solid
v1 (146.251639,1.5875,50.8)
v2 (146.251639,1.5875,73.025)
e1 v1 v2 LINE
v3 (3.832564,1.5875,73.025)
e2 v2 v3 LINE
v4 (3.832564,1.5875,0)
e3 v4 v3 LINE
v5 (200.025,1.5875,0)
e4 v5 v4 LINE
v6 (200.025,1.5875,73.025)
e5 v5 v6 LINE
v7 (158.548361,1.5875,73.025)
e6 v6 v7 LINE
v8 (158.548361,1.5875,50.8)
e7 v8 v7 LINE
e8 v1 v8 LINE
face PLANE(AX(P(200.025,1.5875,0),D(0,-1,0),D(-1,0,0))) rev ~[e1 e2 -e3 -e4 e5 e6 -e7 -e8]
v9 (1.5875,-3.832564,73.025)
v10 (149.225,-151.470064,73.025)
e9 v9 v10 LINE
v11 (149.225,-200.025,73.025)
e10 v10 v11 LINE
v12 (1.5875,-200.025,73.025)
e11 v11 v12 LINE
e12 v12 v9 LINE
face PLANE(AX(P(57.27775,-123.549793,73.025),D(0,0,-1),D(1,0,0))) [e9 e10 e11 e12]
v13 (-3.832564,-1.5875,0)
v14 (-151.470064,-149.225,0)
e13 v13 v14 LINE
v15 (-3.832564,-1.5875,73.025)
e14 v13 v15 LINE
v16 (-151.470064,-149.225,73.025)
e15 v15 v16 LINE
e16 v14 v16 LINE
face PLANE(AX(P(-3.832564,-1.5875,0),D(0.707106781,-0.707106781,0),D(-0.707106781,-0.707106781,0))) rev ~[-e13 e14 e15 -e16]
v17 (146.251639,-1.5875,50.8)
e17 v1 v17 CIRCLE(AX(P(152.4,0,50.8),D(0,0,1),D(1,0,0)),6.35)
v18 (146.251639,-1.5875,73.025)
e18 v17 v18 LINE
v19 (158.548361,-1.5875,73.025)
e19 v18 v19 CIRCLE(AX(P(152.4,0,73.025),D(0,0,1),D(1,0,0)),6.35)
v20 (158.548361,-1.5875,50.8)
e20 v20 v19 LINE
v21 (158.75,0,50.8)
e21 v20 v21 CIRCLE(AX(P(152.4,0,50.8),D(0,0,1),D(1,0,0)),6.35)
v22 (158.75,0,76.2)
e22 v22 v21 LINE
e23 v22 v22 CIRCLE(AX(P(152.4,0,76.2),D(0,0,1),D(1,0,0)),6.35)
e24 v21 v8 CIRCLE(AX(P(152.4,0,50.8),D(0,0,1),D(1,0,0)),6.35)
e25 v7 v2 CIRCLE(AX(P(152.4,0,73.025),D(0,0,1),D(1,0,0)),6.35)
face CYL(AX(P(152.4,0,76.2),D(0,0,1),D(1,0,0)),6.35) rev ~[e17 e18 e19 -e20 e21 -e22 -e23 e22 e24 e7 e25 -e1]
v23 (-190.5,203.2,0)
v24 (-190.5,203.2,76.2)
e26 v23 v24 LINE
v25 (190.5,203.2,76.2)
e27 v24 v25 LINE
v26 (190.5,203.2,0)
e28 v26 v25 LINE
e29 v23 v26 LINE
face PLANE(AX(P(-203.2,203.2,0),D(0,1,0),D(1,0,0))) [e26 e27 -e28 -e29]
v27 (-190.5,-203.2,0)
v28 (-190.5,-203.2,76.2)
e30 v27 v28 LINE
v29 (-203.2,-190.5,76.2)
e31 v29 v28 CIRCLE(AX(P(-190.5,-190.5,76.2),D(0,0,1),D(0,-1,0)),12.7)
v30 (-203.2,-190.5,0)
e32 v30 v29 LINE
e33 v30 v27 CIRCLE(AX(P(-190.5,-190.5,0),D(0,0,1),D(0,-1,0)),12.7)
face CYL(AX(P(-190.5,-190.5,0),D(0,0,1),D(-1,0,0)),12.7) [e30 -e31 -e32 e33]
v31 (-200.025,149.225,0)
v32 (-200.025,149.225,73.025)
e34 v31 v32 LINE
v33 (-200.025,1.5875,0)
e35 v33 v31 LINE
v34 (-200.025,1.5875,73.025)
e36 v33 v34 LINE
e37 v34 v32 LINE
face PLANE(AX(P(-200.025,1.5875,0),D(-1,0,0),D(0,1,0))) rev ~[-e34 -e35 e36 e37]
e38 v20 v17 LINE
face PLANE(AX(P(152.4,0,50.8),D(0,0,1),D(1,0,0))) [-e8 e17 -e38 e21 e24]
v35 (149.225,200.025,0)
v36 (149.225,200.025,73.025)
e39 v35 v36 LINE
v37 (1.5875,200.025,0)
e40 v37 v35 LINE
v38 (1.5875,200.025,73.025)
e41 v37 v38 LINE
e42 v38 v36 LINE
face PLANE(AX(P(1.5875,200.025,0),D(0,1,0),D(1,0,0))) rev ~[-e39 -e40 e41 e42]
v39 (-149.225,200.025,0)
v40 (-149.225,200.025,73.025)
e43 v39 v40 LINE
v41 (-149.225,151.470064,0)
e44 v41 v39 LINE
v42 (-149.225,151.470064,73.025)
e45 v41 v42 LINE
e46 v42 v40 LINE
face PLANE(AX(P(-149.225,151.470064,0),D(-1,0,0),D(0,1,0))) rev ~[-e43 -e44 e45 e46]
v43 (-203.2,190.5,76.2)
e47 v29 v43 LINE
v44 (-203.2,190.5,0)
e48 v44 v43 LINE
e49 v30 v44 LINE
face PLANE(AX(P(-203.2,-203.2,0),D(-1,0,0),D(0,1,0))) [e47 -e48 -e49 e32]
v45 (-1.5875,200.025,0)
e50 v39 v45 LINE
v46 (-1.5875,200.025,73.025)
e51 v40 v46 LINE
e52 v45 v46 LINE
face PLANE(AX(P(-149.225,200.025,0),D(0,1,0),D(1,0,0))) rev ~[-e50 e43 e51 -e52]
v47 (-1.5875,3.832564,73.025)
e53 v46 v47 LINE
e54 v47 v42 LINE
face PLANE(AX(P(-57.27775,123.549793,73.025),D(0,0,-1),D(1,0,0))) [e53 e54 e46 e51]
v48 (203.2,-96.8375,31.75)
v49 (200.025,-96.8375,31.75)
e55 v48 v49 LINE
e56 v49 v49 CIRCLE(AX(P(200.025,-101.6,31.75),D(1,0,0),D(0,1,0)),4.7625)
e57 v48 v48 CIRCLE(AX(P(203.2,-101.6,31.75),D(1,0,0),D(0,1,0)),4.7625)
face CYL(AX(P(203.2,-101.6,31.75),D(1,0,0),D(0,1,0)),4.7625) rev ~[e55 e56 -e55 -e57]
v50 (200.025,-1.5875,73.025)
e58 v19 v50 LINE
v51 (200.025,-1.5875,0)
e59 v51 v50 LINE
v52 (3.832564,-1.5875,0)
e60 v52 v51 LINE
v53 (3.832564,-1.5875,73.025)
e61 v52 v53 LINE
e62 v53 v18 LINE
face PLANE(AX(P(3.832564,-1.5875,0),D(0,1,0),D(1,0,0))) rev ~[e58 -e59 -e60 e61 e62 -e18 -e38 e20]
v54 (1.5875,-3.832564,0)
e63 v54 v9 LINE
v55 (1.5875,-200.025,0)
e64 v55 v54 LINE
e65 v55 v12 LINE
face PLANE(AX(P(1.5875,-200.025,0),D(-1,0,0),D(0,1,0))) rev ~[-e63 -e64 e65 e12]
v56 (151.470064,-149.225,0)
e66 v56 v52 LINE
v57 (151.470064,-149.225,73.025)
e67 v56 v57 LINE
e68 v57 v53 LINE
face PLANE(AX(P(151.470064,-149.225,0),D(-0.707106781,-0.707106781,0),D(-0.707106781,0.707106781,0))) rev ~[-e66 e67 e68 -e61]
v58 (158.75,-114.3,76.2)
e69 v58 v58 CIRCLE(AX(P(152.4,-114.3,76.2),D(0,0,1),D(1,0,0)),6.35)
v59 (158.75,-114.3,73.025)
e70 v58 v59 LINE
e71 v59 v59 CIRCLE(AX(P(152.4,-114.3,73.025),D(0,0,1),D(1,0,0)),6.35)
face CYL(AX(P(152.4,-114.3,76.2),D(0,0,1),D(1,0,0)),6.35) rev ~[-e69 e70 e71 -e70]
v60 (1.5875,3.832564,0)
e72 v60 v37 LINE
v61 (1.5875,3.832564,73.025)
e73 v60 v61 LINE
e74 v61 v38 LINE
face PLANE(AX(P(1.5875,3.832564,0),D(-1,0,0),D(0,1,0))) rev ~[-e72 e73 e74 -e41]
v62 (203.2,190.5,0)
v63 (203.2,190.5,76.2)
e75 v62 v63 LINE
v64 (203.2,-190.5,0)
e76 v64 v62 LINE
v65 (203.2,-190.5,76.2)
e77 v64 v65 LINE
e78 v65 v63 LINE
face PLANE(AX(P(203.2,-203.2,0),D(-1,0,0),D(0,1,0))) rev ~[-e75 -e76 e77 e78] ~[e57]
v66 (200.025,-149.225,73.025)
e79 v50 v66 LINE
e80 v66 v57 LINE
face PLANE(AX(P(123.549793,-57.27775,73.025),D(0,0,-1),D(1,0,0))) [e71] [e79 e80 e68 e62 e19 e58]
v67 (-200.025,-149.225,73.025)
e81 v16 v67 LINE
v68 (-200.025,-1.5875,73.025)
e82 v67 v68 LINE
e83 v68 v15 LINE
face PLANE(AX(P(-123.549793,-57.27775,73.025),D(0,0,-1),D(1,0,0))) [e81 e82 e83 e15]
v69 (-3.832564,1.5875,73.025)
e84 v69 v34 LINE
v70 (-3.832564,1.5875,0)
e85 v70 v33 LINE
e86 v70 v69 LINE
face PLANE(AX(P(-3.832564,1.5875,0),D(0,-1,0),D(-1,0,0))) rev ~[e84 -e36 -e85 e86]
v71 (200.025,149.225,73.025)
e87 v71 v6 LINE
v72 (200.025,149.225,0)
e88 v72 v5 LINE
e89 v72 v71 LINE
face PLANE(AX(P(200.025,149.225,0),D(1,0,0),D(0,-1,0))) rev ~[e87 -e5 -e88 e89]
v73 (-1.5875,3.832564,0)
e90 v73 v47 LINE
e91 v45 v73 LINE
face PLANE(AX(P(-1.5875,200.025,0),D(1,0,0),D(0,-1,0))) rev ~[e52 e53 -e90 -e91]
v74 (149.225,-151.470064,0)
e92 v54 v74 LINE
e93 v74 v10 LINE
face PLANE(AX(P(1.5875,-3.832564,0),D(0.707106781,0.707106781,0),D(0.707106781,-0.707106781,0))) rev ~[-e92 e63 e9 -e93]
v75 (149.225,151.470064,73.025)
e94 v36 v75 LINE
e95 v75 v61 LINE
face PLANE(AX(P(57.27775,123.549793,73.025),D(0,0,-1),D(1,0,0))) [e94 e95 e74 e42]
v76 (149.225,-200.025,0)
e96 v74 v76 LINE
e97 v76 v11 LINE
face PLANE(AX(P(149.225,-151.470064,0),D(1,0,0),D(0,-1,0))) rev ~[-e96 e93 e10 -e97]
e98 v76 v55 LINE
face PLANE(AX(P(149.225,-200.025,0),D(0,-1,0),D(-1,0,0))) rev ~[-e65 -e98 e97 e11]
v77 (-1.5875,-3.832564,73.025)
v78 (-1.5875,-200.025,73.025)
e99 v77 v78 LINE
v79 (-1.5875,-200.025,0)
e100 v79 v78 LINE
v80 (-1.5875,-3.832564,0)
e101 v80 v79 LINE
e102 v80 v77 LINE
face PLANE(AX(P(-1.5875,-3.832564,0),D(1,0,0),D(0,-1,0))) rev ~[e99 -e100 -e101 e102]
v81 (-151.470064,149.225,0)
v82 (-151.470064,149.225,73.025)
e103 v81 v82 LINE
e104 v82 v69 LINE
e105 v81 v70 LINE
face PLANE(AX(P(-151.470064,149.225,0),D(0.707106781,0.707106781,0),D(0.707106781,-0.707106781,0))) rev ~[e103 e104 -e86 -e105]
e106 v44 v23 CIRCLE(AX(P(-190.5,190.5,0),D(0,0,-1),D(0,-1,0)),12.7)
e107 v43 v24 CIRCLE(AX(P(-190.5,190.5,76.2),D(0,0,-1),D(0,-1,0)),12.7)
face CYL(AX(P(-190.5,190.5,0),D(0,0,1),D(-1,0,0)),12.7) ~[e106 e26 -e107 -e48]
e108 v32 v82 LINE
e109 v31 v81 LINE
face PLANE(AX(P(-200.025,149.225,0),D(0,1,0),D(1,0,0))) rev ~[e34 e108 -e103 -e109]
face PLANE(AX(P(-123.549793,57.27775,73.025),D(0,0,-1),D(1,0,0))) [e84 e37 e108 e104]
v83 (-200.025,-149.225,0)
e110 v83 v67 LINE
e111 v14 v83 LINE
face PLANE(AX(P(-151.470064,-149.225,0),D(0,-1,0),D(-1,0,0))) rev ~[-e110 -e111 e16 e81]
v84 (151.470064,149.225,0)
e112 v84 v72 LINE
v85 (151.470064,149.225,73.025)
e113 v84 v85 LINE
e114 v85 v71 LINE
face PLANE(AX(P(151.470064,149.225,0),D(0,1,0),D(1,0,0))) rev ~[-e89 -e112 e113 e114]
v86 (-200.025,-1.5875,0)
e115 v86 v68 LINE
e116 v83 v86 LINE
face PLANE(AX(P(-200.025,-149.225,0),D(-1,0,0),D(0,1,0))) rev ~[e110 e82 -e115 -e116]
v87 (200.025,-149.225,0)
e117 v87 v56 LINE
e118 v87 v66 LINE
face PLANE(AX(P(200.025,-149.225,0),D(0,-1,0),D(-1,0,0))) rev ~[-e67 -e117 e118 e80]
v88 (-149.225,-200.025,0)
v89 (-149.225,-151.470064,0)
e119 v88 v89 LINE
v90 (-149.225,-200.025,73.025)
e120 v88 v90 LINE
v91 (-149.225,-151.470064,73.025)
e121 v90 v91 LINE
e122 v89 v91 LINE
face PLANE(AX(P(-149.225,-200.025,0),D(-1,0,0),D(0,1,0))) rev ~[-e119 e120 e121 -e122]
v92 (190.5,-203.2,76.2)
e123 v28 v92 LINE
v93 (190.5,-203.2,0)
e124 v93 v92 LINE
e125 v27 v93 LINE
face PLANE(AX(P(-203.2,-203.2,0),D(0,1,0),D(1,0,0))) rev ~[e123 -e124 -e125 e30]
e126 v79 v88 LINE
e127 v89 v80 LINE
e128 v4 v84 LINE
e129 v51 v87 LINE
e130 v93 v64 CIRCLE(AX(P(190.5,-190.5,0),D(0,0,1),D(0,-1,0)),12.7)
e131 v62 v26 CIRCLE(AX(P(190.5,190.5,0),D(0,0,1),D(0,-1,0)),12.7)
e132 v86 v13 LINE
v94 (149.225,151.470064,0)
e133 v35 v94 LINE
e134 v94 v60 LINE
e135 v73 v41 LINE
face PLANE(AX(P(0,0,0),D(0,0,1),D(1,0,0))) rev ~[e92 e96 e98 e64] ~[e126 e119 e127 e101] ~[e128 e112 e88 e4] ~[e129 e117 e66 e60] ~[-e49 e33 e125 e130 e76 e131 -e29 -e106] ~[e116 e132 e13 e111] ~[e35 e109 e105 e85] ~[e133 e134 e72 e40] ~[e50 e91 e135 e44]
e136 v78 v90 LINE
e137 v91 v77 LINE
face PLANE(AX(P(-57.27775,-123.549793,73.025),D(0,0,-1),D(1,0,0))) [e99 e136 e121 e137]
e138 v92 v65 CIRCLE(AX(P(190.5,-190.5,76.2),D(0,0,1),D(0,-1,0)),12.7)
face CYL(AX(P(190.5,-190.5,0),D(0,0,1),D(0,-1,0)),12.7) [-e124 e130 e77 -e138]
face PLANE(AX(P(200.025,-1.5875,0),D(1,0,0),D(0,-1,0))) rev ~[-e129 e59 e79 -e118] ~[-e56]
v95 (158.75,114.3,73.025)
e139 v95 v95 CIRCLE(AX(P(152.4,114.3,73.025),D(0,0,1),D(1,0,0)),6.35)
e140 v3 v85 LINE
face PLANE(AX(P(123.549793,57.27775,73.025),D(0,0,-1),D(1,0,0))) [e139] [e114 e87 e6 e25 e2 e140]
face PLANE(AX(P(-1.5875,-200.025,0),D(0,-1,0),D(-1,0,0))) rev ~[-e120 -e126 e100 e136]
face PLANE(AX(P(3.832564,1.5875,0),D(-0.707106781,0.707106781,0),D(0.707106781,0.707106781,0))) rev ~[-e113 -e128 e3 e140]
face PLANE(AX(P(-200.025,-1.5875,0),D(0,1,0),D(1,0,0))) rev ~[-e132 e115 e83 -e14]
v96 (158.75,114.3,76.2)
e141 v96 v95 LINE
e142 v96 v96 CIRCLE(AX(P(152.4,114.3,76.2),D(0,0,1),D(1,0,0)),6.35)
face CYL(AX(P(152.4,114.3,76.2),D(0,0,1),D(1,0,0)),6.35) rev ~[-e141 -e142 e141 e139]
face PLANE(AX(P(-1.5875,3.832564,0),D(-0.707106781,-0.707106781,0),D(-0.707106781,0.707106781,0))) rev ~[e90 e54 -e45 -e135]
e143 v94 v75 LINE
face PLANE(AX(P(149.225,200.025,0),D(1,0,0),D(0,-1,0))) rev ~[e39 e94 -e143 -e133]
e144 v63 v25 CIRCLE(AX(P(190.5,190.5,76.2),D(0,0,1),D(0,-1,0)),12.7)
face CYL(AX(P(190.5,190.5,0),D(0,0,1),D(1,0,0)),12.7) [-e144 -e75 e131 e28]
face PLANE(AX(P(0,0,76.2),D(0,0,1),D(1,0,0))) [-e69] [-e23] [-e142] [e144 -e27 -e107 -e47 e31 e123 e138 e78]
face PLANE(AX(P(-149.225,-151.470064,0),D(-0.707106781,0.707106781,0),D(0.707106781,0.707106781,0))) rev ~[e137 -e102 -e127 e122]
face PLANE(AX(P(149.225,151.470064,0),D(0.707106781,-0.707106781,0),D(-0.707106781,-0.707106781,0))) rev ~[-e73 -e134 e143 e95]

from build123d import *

# Parameters (mm, degrees)
F0_W     = 406.4
F0_H     = 406.4
F1_DEPTH = 76.2
F2_R     = 12.7
F3_R     = 4.7625
F4_DEPTH = 25.4
F5_R     = 6.35
F6_DEPTH = 25.4
F8_DEPTH = 73.025


with BuildPart() as f1:
    # F0 (on Top) → F1 (new body)
    with BuildSketch(Plane.XY):
        Rectangle(F0_W, F0_H)
    extrude(amount=F1_DEPTH)

    # F2
    f2_edges = [f1.edges().sort_by_distance(p)[0] for p in [
        (203.2, -203.2, 38.1),
        (-203.2, -203.2, 38.1),
        (203.2, 203.2, 38.1),
        (-203.2, 203.2, 38.1),
    ]]
    fillet(f2_edges, radius=F2_R)

    # F3 (on face) → F4 (cut)
    with BuildSketch(Plane.YZ.offset(203.2)):
        with Locations((-101.6, 31.75)):
            Circle(F3_R)
    extrude(amount=-F4_DEPTH, mode=Mode.SUBTRACT)

    # F5 (on face) → F6 (cut)
    with BuildSketch(Plane.XY.offset(76.2)):
        with Locations((152.4, -114.3)):
            Circle(F5_R)
        with Locations((152.4, 0)):
            Circle(F5_R)
        with Locations((152.4, 114.3)):
            Circle(F5_R)
    extrude(amount=-F6_DEPTH, mode=Mode.SUBTRACT)

    # F7 (on face) → F8 (cut)
    with BuildSketch(Plane(origin=(0, 0, 0), x_dir=(1, 0, 0), z_dir=(0, 0, -1))):
        Polygon((200.025, 1.5875), (200.025, 149.225), (151.4700640303, 149.225), (3.8325640303, 1.5875), align=None)
        Polygon((1.5875, 3.8325640303), (149.225, 151.4700640303), (149.225, 200.025), (1.5875, 200.025), align=None)
        Polygon((-1.5875, 200.025), (-149.225, 200.025), (-149.225, 151.4700640303), (-1.5875, 3.8325640303), align=None)
        Polygon((-3.8325640303, 1.5875), (-151.4700640303, 149.225), (-200.025, 149.225), (-200.025, 1.5875), align=None)
        Polygon((-200.025, -1.5875), (-200.025, -149.225), (-151.4700640303, -149.225), (-3.8325640303, -1.5875), align=None)
        Polygon((-1.5875, -3.8325640303), (-149.225, -151.4700640303), (-149.225, -200.025), (-1.5875, -200.025), align=None)
        Polygon((1.5875, -200.025), (149.225, -200.025), (149.225, -151.4700640303), (1.5875, -3.8325640303), align=None)
        Polygon((3.8325640303, -1.5875), (151.4700640303, -149.225), (200.025, -149.225), (200.025, -1.5875), align=None)
    extrude(amount=-F8_DEPTH, mode=Mode.SUBTRACT)


solid = f1.part
